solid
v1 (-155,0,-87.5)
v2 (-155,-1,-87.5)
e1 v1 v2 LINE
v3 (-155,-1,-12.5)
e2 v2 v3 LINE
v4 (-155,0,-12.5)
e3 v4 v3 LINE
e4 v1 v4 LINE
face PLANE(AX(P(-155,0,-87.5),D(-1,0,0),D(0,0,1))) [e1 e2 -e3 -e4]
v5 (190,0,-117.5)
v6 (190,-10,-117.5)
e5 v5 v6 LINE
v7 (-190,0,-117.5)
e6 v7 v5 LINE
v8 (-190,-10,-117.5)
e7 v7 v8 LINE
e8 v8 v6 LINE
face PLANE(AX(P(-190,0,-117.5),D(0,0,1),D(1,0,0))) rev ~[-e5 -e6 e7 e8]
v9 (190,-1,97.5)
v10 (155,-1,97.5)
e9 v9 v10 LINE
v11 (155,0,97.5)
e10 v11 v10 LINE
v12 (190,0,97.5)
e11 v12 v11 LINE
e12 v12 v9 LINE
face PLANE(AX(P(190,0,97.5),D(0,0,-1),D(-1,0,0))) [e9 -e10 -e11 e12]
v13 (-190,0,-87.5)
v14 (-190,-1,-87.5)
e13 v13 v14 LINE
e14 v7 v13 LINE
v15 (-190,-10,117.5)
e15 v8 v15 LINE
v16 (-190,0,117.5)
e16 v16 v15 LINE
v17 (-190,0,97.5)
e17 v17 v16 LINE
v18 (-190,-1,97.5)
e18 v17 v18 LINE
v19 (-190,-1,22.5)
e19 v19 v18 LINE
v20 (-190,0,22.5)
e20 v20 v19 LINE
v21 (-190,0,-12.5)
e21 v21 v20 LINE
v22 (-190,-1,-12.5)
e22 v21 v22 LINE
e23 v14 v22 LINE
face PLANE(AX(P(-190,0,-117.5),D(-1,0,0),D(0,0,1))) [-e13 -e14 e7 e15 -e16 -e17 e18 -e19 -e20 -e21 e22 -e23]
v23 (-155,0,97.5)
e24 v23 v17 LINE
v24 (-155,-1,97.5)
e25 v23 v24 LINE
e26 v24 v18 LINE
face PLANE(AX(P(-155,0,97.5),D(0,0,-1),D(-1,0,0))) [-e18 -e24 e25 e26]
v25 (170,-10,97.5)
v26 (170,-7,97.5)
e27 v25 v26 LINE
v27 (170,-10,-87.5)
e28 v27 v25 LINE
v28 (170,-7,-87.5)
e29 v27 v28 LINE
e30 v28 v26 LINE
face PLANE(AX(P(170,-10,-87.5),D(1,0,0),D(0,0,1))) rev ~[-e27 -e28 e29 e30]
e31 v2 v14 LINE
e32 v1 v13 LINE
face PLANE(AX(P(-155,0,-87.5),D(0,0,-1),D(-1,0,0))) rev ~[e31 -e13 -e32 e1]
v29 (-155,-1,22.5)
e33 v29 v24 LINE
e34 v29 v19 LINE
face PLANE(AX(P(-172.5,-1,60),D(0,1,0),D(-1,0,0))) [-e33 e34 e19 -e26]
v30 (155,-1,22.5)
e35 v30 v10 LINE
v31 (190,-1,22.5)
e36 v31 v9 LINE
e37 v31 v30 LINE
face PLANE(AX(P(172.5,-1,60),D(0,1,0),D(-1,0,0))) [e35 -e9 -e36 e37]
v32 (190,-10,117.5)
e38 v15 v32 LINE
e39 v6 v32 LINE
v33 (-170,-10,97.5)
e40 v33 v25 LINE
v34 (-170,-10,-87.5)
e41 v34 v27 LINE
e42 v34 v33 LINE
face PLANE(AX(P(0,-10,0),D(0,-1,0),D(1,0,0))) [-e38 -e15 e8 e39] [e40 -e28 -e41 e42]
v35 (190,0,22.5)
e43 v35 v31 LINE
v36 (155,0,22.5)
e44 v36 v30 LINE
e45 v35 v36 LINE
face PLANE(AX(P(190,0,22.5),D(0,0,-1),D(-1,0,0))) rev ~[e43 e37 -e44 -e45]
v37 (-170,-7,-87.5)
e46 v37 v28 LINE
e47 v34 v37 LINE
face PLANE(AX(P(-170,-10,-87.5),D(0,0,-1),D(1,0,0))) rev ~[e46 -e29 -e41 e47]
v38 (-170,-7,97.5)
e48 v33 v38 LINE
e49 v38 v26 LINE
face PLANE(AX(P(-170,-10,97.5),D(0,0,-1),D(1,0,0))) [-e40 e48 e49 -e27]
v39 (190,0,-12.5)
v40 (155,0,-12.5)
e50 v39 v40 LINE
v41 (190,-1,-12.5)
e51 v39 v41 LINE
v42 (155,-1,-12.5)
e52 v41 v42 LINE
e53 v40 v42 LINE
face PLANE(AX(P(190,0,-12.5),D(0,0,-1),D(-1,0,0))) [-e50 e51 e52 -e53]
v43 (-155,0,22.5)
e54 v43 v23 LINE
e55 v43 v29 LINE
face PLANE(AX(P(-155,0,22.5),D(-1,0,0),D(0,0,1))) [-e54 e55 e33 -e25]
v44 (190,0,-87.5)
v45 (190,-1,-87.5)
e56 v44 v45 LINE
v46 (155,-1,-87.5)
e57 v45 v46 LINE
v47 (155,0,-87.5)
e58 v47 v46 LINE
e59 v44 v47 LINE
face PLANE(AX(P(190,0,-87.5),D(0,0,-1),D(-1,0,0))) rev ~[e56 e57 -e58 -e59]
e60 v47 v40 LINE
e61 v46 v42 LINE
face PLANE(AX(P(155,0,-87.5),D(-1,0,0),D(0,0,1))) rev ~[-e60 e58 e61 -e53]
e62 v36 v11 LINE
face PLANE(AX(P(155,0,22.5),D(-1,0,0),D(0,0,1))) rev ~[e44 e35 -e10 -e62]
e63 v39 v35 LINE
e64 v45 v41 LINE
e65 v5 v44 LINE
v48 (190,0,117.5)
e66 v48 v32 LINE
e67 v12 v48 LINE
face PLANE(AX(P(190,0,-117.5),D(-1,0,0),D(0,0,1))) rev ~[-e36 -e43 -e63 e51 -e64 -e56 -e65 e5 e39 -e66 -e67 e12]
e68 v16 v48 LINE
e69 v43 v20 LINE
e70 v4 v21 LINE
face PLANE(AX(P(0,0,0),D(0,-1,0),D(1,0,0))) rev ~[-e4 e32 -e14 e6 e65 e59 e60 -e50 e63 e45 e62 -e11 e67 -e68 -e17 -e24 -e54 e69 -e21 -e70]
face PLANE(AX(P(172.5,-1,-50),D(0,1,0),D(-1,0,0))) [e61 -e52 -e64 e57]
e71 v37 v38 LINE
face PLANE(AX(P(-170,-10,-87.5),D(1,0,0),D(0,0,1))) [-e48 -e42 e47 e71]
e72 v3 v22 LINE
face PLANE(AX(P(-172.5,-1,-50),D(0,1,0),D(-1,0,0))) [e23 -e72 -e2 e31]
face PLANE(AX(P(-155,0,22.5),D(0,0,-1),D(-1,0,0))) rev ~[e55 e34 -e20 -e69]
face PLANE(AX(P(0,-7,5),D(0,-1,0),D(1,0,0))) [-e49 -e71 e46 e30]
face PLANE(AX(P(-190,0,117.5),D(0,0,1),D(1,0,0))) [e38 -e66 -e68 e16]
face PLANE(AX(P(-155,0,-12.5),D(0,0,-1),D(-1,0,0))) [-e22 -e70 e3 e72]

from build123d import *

# Parameters (mm, degrees)
F0_W     = 380
F0_H     = 235
F1_DEPTH = 10
F2_W     = 340
F2_H     = 185
F3_DEPTH = 3
F4_W     = 35
F4_H     = 75
F5_DEPTH = 1


with BuildPart() as f1:
    # F0 (on Front) → F1 (new body)
    with BuildSketch(Plane.XZ):
        Rectangle(F0_W, F0_H)
    extrude(amount=F1_DEPTH)

    # F2 (on face) → F3 (cut)
    with BuildSketch(Plane.XZ.offset(10)):
        with Locations((0, 5)):
            Rectangle(F2_W, F2_H)
    extrude(amount=-F3_DEPTH, mode=Mode.SUBTRACT)

    # F4 (on face) → F5 (cut)
    with BuildSketch(Plane(origin=(0, 0, 0), x_dir=(-1, 0, 0), z_dir=(0, 1, 0))):
        with Locations((-172.5, 60)):
            Rectangle(F4_W, F4_H)
        with Locations((-172.5, -50)):
            Rectangle(F4_W, F4_H)
        with Locations((172.5, -50)):
            Rectangle(F4_W, F4_H)
        with Locations((172.5, 60)):
            Rectangle(F4_W, F4_H)
    extrude(amount=-F5_DEPTH, mode=Mode.SUBTRACT)


solid = f1.part
